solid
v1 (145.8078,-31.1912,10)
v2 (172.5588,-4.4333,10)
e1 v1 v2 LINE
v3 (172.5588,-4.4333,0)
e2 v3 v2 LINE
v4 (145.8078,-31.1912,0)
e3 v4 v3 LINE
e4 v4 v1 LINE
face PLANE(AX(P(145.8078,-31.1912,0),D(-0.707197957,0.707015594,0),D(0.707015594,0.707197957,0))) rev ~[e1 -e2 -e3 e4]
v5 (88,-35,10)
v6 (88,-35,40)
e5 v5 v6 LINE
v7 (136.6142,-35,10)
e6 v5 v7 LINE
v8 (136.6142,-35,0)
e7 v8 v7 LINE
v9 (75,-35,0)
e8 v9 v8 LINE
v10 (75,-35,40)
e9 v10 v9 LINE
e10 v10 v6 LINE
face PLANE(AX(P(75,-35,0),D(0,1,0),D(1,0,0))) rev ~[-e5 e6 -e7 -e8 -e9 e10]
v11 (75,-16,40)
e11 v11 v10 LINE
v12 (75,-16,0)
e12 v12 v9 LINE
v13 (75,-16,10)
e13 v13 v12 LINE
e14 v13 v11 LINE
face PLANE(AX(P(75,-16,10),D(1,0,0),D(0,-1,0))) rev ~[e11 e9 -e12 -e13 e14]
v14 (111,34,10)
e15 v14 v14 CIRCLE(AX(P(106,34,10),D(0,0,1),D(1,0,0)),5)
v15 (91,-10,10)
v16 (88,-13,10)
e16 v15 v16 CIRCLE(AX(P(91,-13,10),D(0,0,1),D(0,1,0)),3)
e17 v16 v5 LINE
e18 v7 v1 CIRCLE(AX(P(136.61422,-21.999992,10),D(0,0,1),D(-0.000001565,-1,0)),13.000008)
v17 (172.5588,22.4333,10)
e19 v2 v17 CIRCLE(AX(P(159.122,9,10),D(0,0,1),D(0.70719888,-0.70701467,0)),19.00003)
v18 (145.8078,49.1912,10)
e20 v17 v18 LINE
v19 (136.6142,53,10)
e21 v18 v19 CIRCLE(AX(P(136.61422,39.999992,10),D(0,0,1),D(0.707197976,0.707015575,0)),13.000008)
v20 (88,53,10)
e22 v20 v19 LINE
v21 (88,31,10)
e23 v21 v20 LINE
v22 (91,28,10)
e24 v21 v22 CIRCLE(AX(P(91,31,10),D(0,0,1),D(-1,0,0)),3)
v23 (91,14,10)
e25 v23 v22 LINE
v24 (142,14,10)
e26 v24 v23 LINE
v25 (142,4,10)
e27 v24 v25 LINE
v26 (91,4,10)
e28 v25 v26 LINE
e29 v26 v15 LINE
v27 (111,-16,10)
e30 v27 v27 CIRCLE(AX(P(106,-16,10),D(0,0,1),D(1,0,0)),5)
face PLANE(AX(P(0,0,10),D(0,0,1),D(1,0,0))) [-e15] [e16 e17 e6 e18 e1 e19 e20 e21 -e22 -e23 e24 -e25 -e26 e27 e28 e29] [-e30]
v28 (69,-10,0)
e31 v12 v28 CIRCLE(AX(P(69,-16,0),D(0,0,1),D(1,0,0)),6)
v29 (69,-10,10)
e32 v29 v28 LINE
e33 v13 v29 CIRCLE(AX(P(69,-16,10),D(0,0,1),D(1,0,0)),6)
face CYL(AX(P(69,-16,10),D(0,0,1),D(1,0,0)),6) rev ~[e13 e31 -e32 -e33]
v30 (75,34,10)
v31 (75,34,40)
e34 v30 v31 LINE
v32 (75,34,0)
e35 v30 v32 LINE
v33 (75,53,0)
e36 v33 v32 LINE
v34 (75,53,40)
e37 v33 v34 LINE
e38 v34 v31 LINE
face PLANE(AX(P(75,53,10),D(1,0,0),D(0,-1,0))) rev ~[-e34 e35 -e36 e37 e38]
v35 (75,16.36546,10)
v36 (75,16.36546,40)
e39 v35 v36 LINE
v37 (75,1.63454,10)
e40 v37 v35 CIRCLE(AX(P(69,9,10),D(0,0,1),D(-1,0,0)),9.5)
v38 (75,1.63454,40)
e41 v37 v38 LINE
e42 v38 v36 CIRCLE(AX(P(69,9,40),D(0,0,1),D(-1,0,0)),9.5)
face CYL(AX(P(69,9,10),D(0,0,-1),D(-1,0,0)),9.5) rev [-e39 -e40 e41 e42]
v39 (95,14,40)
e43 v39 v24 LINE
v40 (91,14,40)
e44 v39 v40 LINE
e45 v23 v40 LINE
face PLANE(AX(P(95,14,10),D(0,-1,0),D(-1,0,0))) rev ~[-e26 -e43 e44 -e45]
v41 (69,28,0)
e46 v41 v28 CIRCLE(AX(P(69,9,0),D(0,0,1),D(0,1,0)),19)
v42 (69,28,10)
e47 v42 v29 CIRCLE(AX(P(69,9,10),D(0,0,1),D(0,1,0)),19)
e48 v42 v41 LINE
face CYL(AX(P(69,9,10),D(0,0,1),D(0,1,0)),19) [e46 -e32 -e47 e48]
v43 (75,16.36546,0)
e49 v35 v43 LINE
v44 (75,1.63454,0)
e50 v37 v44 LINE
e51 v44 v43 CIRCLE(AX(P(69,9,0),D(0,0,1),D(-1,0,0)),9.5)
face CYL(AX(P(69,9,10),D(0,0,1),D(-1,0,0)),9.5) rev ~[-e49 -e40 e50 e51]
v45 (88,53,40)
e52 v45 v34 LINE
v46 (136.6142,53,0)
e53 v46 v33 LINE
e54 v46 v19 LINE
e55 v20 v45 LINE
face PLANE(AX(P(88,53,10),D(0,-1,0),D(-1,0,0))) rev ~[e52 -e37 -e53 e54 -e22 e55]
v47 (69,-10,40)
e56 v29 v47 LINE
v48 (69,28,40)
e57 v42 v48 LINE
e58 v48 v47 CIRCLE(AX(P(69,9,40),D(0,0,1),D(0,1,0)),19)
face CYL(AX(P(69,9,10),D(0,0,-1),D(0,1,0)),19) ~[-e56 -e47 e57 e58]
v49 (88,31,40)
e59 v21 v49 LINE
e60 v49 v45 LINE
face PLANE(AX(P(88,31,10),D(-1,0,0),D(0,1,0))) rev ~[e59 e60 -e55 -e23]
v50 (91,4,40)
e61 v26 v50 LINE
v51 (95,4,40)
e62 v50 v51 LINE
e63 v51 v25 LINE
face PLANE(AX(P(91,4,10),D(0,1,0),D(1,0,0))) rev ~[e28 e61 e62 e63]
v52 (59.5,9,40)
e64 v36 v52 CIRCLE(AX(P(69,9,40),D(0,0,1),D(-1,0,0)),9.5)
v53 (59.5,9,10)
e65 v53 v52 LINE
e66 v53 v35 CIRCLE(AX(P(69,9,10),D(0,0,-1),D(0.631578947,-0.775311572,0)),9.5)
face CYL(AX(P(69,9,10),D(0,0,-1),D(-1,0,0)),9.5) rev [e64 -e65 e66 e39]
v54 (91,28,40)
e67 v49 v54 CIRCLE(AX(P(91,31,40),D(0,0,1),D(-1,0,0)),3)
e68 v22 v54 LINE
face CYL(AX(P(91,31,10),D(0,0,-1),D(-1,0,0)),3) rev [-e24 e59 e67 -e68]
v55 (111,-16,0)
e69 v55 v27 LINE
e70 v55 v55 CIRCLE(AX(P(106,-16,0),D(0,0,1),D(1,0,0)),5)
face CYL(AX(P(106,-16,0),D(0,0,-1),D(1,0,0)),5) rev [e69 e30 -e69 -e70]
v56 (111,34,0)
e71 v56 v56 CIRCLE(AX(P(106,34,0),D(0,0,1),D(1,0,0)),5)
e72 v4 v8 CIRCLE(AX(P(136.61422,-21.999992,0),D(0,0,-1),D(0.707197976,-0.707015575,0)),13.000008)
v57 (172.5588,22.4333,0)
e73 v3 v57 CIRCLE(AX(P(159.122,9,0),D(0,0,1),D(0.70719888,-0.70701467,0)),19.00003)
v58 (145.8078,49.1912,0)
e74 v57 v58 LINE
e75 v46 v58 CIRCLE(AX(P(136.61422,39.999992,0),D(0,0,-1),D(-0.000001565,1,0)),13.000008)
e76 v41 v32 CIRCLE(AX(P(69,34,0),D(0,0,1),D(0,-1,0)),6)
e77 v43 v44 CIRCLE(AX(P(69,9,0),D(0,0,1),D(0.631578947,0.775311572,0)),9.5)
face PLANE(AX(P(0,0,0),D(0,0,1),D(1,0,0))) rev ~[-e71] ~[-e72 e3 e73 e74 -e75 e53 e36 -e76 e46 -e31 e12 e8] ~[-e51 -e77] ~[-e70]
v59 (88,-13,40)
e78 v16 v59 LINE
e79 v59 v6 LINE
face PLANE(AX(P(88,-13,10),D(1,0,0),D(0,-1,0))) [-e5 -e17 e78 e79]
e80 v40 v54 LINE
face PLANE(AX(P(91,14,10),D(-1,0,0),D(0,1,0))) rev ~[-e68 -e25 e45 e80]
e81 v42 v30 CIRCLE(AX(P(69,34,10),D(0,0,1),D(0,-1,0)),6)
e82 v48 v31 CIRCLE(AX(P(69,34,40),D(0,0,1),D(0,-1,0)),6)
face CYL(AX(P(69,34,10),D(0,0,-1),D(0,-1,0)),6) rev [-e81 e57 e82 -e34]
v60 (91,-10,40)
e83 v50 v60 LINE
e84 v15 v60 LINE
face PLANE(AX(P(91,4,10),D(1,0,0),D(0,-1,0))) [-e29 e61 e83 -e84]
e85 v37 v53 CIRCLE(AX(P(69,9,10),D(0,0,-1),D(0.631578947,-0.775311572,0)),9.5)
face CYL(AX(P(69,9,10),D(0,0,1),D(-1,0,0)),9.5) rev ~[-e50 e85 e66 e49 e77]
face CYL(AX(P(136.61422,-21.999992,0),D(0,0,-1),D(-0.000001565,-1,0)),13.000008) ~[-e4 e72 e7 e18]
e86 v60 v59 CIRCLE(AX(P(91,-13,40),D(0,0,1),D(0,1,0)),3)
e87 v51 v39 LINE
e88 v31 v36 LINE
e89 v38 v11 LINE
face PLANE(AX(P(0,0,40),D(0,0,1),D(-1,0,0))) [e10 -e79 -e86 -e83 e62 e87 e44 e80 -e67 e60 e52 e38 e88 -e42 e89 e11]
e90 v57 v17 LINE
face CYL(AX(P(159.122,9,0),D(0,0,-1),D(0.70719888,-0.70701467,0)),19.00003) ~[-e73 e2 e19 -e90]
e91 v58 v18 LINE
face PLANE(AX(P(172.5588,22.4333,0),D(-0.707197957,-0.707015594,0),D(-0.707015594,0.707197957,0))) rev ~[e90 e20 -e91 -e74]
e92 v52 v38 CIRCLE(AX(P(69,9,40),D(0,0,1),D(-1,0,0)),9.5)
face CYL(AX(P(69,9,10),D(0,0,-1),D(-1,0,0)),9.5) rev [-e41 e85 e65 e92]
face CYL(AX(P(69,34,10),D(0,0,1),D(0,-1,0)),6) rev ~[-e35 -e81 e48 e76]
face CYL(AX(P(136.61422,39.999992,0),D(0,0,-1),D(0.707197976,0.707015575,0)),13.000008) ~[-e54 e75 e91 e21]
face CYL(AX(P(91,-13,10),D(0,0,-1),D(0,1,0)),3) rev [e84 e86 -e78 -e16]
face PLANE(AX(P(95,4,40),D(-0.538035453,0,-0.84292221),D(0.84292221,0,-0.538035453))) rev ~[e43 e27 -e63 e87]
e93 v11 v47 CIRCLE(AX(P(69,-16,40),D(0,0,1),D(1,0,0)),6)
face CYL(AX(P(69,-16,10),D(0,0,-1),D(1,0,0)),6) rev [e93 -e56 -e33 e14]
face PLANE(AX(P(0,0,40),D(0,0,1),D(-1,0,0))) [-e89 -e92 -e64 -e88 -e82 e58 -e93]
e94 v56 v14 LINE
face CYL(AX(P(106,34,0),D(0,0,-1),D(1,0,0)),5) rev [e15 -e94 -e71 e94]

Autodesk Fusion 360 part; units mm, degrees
sketch "base" plane through (0, 0, 0) normal (0, 0, 1) x (1, 0, 0)
  line L0 (75, -35) -> (136.6142, -35)
  line L1 (142, -35) -> (142, 53)
  line L2 (136.6142, 53) -> (75, 53)
  line L3 (75, 53) -> (75, -35)
  line L4 (142, 9) -> (142, 14)
  line L5 (142, 9) -> (142, 4)
  line L6 (136.6142, 53) -> (106, 53)
  line L7 (142, 9) -> (142, 34)
  circle A0 centre (106, 34) radius 5
  line L8 (142, 9) -> (75, 9) construction
  circle A1 centre (106, -16) radius 5
  line L9 (145.8078, -31.1912) -> (172.5588, -4.4333)
  line L10 (172.5588, 22.4333) -> (145.8078, 49.1912)
  arc A2 (172.5588, -4.4333) -> (172.5588, 22.4333) centre (159.122, 9) ccw
  arc A3 (136.6142, -35) -> (145.8078, -31.1912) centre (136.6142, -22) ccw
  arc A4 (145.8078, 49.1912) -> (136.6142, 53) centre (136.6142, 40) ccw
  dimension "d1" = 67
  dimension "d2" = 88
  dimension "d3" = 5
  dimension "d4" = 5
  dimension "d5" = 36
  dimension "d6" = 25
  dimension "d7" = 10
  dimension "d8" = 19
  dimension "d9" = 13
  dimension "d10" = 13
extrude "Extrude1" add sketch "base" along normal blind 10
sketch "top" plane through (0, 0, 10) normal (0, 0, 1) x (-1, 0, 0)
  circle A0 centre (-106, 16) radius 5
  circle A1 centre (-106, -34) radius 5
  arc A2 (-145.8078, -49.1912) -> (-136.6142, -53) centre (-136.6142, -40) ccw
  line L0 (-136.6142, -53) -> (-75, -53)
  line L1 (-75, -53) -> (-75, 35)
  line L2 (-75, 35) -> (-136.6142, 35)
  arc A3 (-136.6142, 35) -> (-145.8078, 31.1912) centre (-136.6142, 22) ccw
  line L3 (-145.8078, 31.1912) -> (-172.5588, 4.4333)
  arc A4 (-172.5588, 4.4333) -> (-172.5588, -22.4333) centre (-159.122, -9) ccw
  line L4 (-172.5588, -22.4333) -> (-145.8078, -49.1912)
  line L5 (-75, -53) -> (-88, -53)
  circle A5 centre (-69, -9) radius 9.5
  line L6 (-142, -14) -> (-95, -14)
  line L7 (-142, -14) -> (-142, -4)
  line L8 (-142, -4) -> (-95, -4)
  line L9 (-95, -4) -> (-95, -14)
  line L10 (-91, -9) -> (-91, -28)
  line L11 (-91, -28) -> (-91, -9)
  line L12 (-91, -9) -> (-91, 10)
  line L13 (-91, -28) -> (-91, -28)
  line L14 (-88, -31) -> (-88, -53)
  line L15 (-91, 10) -> (-91, 10)
  line L16 (-88, 13) -> (-88, 35)
  arc A6 (-88, -31) -> (-91, -28) centre (-91, -31) ccw
  arc A7 (-91, 10) -> (-88, 13) centre (-91, 13) ccw
  line L17 (-95, -14) -> (-91, -14)
  line L18 (-91, -4) -> (-95, -4)
  line L19 (-75, -53) -> (-75, -34)
  line L20 (-88, 35) -> (-75, 35)
  line L21 (-75, 35) -> (-75, 16)
  line L22 (-69, -28) -> (-69, -28)
  arc A8 (-69, -28) -> (-75, -34) centre (-69, -34) ccw
  line L23 (-69, 10) -> (-69, 10)
  arc A9 (-75, 16) -> (-69, 10) centre (-69, 16) ccw
  arc A10 (-69, -28) -> (-69, 10) centre (-69, -9) ccw
  dimension "d13" = 19
  dimension "d14" = 3
  dimension "d15" = 3
  dimension "d16" = 6
  dimension "d17" = 6
extrude "Extrude2" add sketch "top" against normal blind 10 contours L1 A5 A8 A9 A10
extrude "Extrude3" add sketch "top" along normal blind 30 contours L6 L7 L8 L9
sketch "ramp" plane through (0, 4, 0) normal (0, -1, 0) x (1, 0, 0)
  line L0 (95, 10) -> (142, 10)
  line L1 (142, 10) -> (142, 40)
  line L2 (142, 40) -> (95, 40)
  line L3 (95, 40) -> (95, 10)
  line L4 (95, 40) -> (142, 10)
  line L5 (142, 10) -> (142, 40)
  line L6 (95, 40) -> (142, 40)
extrude "Extrude4" cut sketch "ramp" against normal blind 10 contours L1 L2 L4 L5 L6
extrude "Extrude5" add sketch "top" along normal blind 30 contours L9 L10 L11 L12 L17 L18
extrude "Extrude6" add sketch "top" along normal blind 30 contours L0 L1 L2 L5 A5 L10 L11 L12 L14 L16 A6 A7 L19 L20 L21
extrude "Extrude7" add sketch "top" along normal blind 30 contours L1 A5 A8 A9 A10
extrude "Extrude8" cut 1 faces at (75.8602, 7.6409, 10) along direction (0, 0, -1) blind 10
